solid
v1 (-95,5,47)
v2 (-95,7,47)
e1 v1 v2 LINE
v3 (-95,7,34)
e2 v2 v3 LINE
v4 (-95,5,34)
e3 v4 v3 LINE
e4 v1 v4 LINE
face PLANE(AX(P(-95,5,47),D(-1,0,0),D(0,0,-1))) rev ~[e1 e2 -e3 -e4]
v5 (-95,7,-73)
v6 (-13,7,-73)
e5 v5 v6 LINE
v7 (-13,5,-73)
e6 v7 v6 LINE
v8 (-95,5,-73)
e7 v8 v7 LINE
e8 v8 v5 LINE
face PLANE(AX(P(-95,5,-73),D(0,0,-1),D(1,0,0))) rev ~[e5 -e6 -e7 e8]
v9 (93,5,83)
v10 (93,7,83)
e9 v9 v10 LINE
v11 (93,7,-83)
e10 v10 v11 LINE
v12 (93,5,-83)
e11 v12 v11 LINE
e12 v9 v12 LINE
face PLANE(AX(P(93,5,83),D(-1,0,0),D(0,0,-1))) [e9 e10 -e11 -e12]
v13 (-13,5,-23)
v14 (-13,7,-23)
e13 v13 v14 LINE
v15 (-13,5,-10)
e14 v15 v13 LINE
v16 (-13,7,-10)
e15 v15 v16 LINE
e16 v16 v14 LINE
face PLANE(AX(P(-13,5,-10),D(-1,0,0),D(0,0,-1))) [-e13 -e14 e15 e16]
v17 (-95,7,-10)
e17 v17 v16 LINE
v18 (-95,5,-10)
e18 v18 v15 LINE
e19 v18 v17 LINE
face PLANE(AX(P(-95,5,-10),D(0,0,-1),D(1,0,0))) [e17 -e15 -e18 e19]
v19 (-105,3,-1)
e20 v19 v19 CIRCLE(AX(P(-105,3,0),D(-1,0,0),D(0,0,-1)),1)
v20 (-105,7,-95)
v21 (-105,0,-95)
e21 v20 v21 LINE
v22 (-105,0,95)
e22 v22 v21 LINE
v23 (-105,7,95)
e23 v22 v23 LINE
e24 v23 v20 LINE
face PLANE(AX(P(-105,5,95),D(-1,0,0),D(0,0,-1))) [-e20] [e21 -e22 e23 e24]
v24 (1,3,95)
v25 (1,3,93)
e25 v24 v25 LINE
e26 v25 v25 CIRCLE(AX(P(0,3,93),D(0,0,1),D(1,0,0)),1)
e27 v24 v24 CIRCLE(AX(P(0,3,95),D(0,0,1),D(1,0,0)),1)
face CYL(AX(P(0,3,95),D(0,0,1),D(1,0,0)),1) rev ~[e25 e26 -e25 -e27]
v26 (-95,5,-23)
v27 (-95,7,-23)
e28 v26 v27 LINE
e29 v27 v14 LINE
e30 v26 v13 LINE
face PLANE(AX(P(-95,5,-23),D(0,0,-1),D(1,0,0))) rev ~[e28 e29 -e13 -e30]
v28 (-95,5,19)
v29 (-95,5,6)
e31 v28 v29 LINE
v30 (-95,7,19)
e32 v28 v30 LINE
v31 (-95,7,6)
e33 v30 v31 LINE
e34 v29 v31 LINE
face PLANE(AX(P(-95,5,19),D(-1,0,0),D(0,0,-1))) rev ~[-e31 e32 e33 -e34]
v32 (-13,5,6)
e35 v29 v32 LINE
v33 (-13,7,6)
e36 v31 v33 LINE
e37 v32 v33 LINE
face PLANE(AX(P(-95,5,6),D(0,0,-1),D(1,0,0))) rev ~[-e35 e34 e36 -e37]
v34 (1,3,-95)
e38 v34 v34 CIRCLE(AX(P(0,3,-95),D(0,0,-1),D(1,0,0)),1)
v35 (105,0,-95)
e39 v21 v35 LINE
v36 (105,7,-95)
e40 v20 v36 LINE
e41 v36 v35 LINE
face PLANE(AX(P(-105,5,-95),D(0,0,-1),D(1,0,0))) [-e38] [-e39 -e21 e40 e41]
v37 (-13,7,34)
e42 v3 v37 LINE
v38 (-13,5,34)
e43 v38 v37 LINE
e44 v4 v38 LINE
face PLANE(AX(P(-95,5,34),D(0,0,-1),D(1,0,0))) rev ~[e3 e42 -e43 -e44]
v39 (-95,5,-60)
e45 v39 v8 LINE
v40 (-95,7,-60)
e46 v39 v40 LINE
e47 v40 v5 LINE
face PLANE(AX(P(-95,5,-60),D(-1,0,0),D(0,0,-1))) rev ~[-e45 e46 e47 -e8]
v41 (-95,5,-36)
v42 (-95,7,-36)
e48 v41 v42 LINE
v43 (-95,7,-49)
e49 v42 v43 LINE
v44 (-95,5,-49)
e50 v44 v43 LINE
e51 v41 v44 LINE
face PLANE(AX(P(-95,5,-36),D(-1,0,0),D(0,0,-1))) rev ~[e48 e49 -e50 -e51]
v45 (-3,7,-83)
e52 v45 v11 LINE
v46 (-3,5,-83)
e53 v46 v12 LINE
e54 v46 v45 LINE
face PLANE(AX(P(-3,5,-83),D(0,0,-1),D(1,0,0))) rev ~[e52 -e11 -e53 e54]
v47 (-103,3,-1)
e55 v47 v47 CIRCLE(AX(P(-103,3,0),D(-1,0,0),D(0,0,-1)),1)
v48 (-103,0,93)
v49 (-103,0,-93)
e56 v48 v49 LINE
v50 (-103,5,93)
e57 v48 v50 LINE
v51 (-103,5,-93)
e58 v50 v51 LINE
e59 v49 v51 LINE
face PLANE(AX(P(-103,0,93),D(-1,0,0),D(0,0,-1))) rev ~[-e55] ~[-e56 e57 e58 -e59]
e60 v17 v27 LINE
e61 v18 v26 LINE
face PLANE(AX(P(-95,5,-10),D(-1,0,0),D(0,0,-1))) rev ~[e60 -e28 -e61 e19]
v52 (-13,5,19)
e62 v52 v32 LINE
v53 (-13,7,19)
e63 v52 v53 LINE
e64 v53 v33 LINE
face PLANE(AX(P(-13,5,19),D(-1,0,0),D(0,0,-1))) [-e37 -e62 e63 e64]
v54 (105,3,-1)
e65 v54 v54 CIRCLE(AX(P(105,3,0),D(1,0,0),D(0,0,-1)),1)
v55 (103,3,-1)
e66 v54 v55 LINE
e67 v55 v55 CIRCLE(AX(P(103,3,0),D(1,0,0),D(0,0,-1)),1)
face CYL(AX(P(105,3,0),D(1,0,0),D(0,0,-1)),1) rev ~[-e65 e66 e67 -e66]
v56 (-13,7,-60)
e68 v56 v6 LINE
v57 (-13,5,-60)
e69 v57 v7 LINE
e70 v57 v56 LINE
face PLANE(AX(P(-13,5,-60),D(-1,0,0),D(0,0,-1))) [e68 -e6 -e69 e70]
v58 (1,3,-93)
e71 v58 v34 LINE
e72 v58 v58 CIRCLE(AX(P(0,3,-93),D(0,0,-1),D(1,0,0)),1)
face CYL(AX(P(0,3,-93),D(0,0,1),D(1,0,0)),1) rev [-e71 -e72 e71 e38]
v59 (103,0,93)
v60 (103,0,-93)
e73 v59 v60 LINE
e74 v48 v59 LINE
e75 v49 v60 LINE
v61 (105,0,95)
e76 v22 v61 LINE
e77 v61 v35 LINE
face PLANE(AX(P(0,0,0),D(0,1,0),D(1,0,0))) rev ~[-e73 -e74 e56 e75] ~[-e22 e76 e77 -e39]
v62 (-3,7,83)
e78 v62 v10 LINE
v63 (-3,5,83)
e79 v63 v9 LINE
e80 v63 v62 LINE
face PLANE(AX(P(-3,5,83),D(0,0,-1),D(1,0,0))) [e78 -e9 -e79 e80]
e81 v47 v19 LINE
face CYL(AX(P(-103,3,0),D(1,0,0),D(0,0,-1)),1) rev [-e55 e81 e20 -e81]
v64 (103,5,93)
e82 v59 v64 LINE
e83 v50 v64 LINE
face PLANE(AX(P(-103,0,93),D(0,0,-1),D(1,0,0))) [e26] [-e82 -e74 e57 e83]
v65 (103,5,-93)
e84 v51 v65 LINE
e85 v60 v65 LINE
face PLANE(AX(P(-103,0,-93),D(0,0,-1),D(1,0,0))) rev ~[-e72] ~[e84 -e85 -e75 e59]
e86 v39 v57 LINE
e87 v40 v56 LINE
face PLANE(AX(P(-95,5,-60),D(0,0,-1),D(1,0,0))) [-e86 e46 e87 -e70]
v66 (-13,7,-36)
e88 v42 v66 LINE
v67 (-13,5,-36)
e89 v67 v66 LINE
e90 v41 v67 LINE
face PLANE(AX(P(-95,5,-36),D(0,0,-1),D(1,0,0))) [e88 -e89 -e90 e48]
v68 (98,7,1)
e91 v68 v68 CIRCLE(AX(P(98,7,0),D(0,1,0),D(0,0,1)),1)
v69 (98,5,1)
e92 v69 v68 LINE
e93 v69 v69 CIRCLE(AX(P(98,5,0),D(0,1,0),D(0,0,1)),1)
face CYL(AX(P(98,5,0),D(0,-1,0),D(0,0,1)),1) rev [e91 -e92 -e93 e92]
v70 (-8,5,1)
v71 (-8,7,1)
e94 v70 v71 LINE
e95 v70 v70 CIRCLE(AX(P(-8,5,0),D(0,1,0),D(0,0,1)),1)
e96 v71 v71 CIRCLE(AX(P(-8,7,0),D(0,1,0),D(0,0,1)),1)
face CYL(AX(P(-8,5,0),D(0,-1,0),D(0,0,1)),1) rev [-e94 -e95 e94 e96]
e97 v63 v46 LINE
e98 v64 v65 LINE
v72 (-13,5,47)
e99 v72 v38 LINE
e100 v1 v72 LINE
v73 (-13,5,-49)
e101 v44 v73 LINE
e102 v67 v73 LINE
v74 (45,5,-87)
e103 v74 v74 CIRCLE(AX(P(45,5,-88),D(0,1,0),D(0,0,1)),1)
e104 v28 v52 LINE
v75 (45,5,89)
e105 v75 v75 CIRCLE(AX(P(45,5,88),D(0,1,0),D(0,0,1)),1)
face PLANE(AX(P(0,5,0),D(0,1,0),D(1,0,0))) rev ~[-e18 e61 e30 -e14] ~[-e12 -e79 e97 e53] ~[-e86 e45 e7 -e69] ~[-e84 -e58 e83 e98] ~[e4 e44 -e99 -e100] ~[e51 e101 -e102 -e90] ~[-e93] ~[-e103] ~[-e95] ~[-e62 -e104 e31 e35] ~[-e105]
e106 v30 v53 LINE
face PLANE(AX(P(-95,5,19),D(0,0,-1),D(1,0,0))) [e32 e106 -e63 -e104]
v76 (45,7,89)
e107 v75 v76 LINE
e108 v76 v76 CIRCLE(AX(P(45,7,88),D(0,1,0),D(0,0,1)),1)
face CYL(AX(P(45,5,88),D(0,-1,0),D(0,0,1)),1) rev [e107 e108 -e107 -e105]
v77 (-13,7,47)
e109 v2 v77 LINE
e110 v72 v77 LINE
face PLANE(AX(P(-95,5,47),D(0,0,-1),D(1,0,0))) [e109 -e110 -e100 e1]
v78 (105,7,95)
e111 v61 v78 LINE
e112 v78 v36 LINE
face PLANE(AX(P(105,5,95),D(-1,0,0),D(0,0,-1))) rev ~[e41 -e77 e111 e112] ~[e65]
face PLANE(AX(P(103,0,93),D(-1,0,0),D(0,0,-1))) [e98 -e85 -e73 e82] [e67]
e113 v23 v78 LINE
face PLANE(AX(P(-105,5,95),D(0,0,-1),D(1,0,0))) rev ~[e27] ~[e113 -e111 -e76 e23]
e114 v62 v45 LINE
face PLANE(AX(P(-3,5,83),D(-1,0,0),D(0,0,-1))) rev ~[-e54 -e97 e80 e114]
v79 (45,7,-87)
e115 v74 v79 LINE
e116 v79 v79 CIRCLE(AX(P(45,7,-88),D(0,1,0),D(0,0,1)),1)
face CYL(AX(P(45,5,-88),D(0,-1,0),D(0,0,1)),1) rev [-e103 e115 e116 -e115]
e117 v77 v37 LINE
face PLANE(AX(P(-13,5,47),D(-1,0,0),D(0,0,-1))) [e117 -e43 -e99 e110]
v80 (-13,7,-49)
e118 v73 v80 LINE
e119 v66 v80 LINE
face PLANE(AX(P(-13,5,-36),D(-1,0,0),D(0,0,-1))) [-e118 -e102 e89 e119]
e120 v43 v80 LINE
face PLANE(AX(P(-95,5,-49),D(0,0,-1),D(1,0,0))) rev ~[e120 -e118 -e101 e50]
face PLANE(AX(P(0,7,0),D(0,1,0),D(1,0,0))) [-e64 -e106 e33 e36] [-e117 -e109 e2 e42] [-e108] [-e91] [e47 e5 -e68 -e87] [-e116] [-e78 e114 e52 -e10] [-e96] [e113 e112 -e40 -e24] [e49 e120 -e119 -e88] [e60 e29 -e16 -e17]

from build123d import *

# Parameters (mm, degrees)
SKETCH1_W           = 210
SKETCH1_H           = 190
SKETCH1_W_2         = 206
SKETCH1_H_2         = 186
BOSS_EXTRUDE1_DEPTH = 5
SKETCH7_R           = 1
CUT_EXTRUDE1_DEPTH  = 2
SKETCH8_R           = 1
CUT_EXTRUDE2_DEPTH  = 2
CUT_EXTRUDE3_START  = -2
SKETCH6_R           = 1
CUT_EXTRUDE3_DEPTH  = 2
CUT_EXTRUDE4_START  = -2
SKETCH5_R           = 1
CUT_EXTRUDE4_DEPTH  = 2
SKETCH9_W           = 210
SKETCH9_H           = 190
SKETCH9_R           = 1
SKETCH9_W_2         = 96
SKETCH9_H_2         = 166
SKETCH9_W_3         = 82
SKETCH9_H_3         = 13
BOSS_EXTRUDE3_DEPTH = 2


with BuildPart() as part:
    # Sketch1 → Boss-Extrude1 (new body)
    with BuildSketch(Plane(origin=(0, 0, 0), x_dir=(1, 0, 0), z_dir=(0, 1, 0))):
        Rectangle(SKETCH1_W, SKETCH1_H)
        Rectangle(SKETCH1_W_2, SKETCH1_H_2, mode=Mode.SUBTRACT)
    extrude(amount=BOSS_EXTRUDE1_DEPTH)

    # Sketch7 → Cut-Extrude1 (cut)
    with BuildSketch(Plane(origin=(105, 0, 0), x_dir=(0, 0, -1), z_dir=(1, 0, 0))):
        with Locations((0, 3)):
            Circle(SKETCH7_R)
    extrude(amount=-CUT_EXTRUDE1_DEPTH, mode=Mode.SUBTRACT)

    # Sketch8 → Cut-Extrude2 (cut)
    with BuildSketch(Plane.XY.offset(95)):
        with Locations((0, 3)):
            Circle(SKETCH8_R)
    extrude(amount=-CUT_EXTRUDE2_DEPTH, mode=Mode.SUBTRACT)

    # Sketch6 → Cut-Extrude3 (cut)
    with BuildSketch(Plane(origin=(0, 0, -95), x_dir=(-1, 0, 0), z_dir=(0, 0, -1)).offset(CUT_EXTRUDE3_START)):
        with Locations(Location((0, 3, 0), (0, 0, 180))):
            Circle(SKETCH6_R)
    extrude(amount=CUT_EXTRUDE3_DEPTH, mode=Mode.SUBTRACT)

    # Sketch5 → Cut-Extrude4 (cut)
    with BuildSketch(Plane.ZY.offset(105).offset(CUT_EXTRUDE4_START)):
        with Locations(Location((0, 3, 0), (0, 0, 180))):
            Circle(SKETCH5_R)
    extrude(amount=CUT_EXTRUDE4_DEPTH, mode=Mode.SUBTRACT)

    # Sketch9 → Boss-Extrude3 (add)
    with BuildSketch(Plane(origin=(0, 5, 0), x_dir=(1, 0, 0), z_dir=(0, 1, 0))):
        Rectangle(SKETCH9_W, SKETCH9_H)
        with Locations(Location((98, 0, 0), (0, 0, 270))):
            Circle(SKETCH9_R, mode=Mode.SUBTRACT)
        with Locations(Location((45, 88, 0), (0, 0, 270))):
            Circle(SKETCH9_R, mode=Mode.SUBTRACT)
        with Locations(Location((-8, 0, 0), (0, 0, 270))):
            Circle(SKETCH9_R, mode=Mode.SUBTRACT)
        with Locations(Location((45, -88, 0), (0, 0, 270))):
            Circle(SKETCH9_R, mode=Mode.SUBTRACT)
        with Locations((45, 0)):
            Rectangle(SKETCH9_W_2, SKETCH9_H_2, mode=Mode.SUBTRACT)
        with Locations((-54, -40.5)):
            Rectangle(SKETCH9_W_3, SKETCH9_H_3, mode=Mode.SUBTRACT)
        with Locations((-54, -12.5)):
            Rectangle(SKETCH9_W_3, SKETCH9_H_3, mode=Mode.SUBTRACT)
        with Locations((-54, 16.5)):
            Rectangle(SKETCH9_W_3, SKETCH9_H_3, mode=Mode.SUBTRACT)
        with Locations((-54, 42.5)):
            Rectangle(SKETCH9_W_3, SKETCH9_H_3, mode=Mode.SUBTRACT)
        with Locations((-54, 66.5)):
            Rectangle(SKETCH9_W_3, SKETCH9_H_3, mode=Mode.SUBTRACT)
    extrude(amount=BOSS_EXTRUDE3_DEPTH)


solid = part.part
